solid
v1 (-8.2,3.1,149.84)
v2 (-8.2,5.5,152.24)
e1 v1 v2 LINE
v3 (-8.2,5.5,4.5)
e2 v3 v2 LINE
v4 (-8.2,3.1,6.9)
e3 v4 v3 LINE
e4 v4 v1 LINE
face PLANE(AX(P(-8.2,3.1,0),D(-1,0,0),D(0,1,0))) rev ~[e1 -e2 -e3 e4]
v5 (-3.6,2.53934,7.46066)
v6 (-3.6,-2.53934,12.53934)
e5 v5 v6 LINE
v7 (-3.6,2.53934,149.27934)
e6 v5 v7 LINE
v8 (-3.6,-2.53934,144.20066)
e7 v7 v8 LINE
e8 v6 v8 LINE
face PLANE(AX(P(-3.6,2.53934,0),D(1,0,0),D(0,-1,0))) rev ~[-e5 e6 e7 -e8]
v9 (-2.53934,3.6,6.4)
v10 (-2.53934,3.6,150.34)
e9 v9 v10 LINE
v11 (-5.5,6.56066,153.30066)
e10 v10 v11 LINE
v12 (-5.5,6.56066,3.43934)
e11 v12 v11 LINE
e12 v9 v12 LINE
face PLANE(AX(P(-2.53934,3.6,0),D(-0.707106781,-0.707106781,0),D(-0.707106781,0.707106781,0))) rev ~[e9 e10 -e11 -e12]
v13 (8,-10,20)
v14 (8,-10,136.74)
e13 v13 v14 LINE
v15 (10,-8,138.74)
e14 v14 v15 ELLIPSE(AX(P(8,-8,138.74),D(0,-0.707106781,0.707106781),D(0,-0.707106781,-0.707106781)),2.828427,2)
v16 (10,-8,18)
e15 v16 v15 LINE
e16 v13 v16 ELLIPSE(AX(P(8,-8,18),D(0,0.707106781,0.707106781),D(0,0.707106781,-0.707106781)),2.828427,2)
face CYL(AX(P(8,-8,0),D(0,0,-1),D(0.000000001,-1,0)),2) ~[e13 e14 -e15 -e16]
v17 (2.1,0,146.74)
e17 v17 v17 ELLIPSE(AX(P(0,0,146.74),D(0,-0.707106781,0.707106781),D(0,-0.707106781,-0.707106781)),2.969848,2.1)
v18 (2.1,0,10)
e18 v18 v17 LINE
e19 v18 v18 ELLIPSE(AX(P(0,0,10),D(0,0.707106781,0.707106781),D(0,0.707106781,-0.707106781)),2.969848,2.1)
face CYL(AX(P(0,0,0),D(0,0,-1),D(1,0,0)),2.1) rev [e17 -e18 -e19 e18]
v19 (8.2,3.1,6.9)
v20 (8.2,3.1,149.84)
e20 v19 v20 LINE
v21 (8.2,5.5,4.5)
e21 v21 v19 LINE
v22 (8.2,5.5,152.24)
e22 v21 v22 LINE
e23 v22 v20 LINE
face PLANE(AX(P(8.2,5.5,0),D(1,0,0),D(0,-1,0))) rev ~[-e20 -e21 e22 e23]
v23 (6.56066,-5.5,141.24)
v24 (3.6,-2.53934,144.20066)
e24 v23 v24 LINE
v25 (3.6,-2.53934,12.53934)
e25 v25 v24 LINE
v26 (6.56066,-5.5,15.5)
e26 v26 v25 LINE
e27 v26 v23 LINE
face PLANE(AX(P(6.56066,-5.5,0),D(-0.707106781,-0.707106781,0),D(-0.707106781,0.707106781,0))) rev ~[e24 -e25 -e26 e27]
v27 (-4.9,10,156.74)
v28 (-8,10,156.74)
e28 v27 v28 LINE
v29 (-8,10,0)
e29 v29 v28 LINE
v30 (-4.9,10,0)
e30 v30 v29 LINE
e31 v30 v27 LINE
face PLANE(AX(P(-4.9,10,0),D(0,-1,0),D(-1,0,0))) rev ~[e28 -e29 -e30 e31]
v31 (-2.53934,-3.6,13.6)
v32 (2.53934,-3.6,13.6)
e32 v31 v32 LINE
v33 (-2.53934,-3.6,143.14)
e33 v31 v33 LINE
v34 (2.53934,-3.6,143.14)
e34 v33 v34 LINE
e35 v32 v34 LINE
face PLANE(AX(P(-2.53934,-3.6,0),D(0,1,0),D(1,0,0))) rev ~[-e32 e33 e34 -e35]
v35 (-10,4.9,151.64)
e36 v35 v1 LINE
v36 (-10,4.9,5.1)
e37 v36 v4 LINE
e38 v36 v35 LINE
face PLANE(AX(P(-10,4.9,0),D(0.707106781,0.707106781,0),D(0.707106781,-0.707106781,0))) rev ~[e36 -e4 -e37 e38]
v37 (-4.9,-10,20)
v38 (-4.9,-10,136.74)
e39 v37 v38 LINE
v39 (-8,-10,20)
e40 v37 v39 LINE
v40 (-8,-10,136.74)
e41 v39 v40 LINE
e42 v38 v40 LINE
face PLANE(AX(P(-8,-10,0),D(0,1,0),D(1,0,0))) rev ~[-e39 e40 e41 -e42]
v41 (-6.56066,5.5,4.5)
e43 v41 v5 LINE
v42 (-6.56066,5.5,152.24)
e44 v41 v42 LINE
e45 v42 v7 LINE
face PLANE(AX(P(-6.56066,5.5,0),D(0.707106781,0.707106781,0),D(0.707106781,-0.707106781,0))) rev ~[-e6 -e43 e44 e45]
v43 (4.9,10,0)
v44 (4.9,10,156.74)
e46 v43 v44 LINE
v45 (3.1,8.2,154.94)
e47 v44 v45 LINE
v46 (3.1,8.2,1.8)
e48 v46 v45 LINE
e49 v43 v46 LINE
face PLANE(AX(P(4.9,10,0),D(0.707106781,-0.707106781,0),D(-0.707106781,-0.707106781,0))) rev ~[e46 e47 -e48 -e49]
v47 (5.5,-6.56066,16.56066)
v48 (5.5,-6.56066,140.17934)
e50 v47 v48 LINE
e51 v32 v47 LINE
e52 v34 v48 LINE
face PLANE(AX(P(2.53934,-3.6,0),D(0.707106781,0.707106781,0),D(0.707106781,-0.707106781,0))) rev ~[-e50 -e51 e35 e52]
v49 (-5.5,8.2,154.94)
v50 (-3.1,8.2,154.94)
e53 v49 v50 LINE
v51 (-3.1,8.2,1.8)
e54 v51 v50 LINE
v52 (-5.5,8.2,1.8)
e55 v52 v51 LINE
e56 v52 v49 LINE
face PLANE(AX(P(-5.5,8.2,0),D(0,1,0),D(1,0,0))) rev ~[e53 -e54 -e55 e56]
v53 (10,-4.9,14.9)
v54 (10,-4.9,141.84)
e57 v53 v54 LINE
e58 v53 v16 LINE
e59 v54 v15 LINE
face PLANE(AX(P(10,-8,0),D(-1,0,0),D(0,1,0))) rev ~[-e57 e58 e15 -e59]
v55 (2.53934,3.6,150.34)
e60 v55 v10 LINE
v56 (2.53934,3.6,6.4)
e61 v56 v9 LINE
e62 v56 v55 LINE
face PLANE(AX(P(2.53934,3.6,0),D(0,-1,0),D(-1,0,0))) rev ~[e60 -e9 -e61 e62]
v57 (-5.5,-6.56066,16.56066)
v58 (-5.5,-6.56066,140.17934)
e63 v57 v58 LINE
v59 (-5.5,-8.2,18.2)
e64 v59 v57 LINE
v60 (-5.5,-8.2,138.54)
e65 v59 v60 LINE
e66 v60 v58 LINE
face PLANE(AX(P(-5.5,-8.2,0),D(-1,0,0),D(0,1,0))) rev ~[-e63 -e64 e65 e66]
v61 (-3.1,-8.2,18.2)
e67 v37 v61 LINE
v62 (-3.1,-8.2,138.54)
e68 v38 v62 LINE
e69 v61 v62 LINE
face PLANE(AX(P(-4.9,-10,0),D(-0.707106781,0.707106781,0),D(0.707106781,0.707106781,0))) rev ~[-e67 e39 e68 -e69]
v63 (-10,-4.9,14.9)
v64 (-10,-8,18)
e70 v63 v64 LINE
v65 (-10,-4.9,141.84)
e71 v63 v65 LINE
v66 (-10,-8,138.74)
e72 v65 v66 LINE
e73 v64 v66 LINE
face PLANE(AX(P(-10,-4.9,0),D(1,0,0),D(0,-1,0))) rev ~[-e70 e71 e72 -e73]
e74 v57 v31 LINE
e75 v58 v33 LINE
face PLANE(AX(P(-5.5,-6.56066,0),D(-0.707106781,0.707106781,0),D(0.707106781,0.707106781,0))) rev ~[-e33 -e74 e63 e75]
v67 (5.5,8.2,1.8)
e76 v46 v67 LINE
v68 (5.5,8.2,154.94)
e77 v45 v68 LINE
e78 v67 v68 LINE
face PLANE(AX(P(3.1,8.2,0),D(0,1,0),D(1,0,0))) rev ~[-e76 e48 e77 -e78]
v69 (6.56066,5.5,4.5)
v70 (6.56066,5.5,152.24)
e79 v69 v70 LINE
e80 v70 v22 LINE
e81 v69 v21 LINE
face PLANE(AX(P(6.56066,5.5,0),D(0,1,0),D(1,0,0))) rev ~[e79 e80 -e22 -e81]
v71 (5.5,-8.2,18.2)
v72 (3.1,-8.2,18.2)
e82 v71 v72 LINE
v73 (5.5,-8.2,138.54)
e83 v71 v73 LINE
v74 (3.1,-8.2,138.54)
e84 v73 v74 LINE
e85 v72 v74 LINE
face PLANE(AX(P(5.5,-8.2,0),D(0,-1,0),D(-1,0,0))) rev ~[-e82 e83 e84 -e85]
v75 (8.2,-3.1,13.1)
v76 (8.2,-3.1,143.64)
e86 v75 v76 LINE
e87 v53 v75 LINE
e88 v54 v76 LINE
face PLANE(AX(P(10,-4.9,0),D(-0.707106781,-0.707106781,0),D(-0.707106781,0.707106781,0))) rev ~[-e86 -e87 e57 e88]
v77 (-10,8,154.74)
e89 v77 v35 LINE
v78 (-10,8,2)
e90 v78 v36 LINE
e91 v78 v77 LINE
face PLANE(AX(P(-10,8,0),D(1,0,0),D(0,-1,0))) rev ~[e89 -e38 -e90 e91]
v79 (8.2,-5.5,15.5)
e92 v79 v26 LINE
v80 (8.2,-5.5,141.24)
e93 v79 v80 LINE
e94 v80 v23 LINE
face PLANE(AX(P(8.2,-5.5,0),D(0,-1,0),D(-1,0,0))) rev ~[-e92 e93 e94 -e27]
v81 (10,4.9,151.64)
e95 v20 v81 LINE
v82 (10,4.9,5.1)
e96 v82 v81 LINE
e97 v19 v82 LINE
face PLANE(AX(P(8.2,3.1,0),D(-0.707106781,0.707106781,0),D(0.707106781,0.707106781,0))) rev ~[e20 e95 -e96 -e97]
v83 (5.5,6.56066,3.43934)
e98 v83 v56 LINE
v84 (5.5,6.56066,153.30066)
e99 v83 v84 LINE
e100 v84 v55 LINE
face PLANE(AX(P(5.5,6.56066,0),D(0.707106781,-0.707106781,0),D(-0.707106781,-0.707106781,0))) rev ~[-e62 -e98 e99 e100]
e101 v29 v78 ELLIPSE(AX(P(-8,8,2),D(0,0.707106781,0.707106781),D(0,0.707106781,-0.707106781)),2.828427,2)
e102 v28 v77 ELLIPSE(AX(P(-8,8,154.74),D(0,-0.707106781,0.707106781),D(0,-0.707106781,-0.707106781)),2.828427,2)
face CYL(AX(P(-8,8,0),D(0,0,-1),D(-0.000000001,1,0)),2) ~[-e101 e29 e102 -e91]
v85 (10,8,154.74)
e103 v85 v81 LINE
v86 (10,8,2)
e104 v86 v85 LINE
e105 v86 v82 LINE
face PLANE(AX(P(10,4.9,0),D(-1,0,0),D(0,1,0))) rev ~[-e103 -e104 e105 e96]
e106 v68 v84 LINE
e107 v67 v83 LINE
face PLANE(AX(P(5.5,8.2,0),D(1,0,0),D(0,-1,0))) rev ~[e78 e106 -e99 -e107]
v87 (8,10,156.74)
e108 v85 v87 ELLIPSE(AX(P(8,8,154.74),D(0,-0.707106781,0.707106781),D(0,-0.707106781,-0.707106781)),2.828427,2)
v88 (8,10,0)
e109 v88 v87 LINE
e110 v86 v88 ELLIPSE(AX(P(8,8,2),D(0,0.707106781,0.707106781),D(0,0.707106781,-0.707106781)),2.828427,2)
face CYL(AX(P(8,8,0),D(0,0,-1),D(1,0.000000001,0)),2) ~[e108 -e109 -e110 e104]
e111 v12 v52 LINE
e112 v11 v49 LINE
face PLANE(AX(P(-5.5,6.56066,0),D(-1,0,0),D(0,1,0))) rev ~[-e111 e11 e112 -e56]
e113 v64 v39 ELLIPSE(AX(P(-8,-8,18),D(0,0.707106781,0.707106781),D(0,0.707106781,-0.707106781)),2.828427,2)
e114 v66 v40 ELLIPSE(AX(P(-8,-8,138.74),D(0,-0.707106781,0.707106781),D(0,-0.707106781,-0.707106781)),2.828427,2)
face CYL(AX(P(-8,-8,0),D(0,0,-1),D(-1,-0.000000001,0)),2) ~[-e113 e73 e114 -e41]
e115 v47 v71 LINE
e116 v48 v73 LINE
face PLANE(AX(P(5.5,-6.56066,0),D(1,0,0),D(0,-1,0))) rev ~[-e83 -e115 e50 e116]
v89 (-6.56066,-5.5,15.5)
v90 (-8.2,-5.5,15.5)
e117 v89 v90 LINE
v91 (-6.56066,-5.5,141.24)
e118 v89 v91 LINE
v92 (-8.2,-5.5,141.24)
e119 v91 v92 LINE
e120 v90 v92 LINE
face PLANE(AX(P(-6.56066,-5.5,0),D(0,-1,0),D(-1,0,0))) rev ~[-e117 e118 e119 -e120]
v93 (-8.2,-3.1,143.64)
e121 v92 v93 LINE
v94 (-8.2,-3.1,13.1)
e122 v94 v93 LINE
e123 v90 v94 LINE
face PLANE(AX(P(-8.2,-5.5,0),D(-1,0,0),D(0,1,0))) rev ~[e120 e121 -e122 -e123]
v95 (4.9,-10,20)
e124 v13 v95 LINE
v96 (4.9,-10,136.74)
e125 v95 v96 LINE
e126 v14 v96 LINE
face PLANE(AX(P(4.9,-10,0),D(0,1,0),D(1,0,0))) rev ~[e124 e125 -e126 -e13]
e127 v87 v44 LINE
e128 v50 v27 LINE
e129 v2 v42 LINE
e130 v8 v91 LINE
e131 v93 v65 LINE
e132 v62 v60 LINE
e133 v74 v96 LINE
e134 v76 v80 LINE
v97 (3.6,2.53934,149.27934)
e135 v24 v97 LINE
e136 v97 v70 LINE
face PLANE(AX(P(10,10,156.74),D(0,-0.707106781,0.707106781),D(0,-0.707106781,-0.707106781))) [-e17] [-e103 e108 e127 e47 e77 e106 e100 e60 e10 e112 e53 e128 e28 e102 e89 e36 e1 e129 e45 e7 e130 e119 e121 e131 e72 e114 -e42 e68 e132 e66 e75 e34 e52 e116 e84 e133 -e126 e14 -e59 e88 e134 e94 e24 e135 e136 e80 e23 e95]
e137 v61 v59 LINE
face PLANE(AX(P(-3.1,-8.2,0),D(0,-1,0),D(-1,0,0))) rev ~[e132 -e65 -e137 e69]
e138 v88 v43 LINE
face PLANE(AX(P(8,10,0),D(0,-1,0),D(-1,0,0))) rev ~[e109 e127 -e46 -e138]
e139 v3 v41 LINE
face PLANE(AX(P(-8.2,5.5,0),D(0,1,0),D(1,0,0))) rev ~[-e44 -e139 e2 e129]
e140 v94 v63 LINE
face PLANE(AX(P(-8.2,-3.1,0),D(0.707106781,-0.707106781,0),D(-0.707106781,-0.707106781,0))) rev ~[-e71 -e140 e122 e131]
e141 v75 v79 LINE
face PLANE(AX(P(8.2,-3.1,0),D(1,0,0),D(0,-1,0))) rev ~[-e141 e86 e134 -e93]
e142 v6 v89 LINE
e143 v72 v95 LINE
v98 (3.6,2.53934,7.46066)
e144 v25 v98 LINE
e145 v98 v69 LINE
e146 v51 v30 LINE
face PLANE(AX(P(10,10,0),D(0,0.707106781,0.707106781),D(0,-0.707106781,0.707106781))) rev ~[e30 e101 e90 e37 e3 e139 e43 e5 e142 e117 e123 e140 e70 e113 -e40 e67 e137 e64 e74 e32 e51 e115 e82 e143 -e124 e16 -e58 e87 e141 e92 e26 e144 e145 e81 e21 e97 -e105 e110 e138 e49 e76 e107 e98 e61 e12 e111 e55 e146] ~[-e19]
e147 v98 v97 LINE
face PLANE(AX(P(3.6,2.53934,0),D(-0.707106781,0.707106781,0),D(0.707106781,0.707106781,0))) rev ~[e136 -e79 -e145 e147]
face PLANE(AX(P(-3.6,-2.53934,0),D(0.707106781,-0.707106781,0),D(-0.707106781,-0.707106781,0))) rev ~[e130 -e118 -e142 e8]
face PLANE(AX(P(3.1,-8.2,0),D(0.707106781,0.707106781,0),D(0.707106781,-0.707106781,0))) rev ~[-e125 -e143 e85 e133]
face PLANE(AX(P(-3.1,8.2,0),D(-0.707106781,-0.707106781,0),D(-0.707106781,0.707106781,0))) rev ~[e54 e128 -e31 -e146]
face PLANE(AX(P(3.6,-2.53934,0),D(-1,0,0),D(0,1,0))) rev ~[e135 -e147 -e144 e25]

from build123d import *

# Parameters (mm, degrees)
SKETCH1_R           = 2.1
BOSS_EXTRUDE1_DEPTH = 156.74
CUT_EXTRUDE1_DEPTH  = 159.326964223


with BuildPart() as part:
    # Sketch1 → Boss-Extrude1 (new body)
    with BuildSketch(Plane.XY):
        with BuildLine():
            Line((-4.9, -10), (-3.1, -8.2))
            Line((-3.1, -8.2), (-5.5, -8.2))
            Line((-5.5, -8.2), (-5.5, -6.560660172))
            Line((-5.5, -6.560660172), (-2.539339828, -3.6))
            Line((-2.539339828, -3.6), (2.539339828, -3.6))
            Line((2.539339828, -3.6), (5.5, -6.560660172))
            Line((5.5, -6.560660172), (5.5, -8.2))
            Line((5.5, -8.2), (3.1, -8.2))
            Line((3.1, -8.2), (4.9, -10))
            Line((4.9, -10), (8, -10))
            ThreePointArc((8, -10), (9.414213562, -9.414213562), (10, -8))
            Line((10, -8), (10, -4.9))
            Line((10, -4.9), (8.2, -3.1))
            Line((8.2, -3.1), (8.2, -5.5))
            Line((8.2, -5.5), (6.560660172, -5.5))
            Line((6.560660172, -5.5), (3.6, -2.539339828))
            Line((3.6, -2.539339828), (3.6, 2.539339828))
            Line((3.6, 2.539339828), (6.560660172, 5.5))
            Line((6.560660172, 5.5), (8.2, 5.5))
            Line((8.2, 5.5), (8.2, 3.1))
            Line((8.2, 3.1), (10, 4.9))
            Line((10, 4.9), (10, 8))
            ThreePointArc((10, 8), (9.414213562, 9.414213562), (8, 10))
            Line((8, 10), (4.9, 10))
            Line((4.9, 10), (3.1, 8.2))
            Line((3.1, 8.2), (5.5, 8.2))
            Line((5.5, 8.2), (5.5, 6.560660172))
            Line((5.5, 6.560660172), (2.539339828, 3.6))
            Line((2.539339828, 3.6), (-2.539339828, 3.6))
            Line((-2.539339828, 3.6), (-5.5, 6.560660172))
            Line((-5.5, 6.560660172), (-5.5, 8.2))
            Line((-5.5, 8.2), (-3.1, 8.2))
            Line((-3.1, 8.2), (-4.9, 10))
            Line((-4.9, 10), (-8, 10))
            ThreePointArc((-8, 10), (-9.414213562, 9.414213562), (-10, 8))
            Line((-10, 8), (-10, 4.9))
            Line((-10, 4.9), (-8.2, 3.1))
            Line((-8.2, 3.1), (-8.2, 5.5))
            Line((-8.2, 5.5), (-6.560660172, 5.5))
            Line((-6.560660172, 5.5), (-3.6, 2.539339828))
            Line((-3.6, 2.539339828), (-3.6, -2.539339828))
            Line((-3.6, -2.539339828), (-6.560660172, -5.5))
            Line((-6.560660172, -5.5), (-8.2, -5.5))
            Line((-8.2, -5.5), (-8.2, -3.1))
            Line((-8.2, -3.1), (-10, -4.9))
            Line((-10, -4.9), (-10, -8))
            ThreePointArc((-10, -8), (-9.414213562, -9.414213562), (-8, -10))
            Line((-8, -10), (-4.9, -10))
        make_face()
        Circle(SKETCH1_R, mode=Mode.SUBTRACT)
    extrude(amount=BOSS_EXTRUDE1_DEPTH)

    # Sketch2 → Cut-Extrude1 (cut, through all)
    with BuildSketch(Plane(origin=(10, 0, 0), x_dir=(0, 0, -1), z_dir=(1, 0, 0))):
        Polygon((-156.74, 10), (-136.74, -10), (-156.74, -10), align=None)
        Polygon((0, 10), (-20, -10), (0, -10), align=None)
    extrude(amount=-CUT_EXTRUDE1_DEPTH, mode=Mode.SUBTRACT)


solid = part.part
